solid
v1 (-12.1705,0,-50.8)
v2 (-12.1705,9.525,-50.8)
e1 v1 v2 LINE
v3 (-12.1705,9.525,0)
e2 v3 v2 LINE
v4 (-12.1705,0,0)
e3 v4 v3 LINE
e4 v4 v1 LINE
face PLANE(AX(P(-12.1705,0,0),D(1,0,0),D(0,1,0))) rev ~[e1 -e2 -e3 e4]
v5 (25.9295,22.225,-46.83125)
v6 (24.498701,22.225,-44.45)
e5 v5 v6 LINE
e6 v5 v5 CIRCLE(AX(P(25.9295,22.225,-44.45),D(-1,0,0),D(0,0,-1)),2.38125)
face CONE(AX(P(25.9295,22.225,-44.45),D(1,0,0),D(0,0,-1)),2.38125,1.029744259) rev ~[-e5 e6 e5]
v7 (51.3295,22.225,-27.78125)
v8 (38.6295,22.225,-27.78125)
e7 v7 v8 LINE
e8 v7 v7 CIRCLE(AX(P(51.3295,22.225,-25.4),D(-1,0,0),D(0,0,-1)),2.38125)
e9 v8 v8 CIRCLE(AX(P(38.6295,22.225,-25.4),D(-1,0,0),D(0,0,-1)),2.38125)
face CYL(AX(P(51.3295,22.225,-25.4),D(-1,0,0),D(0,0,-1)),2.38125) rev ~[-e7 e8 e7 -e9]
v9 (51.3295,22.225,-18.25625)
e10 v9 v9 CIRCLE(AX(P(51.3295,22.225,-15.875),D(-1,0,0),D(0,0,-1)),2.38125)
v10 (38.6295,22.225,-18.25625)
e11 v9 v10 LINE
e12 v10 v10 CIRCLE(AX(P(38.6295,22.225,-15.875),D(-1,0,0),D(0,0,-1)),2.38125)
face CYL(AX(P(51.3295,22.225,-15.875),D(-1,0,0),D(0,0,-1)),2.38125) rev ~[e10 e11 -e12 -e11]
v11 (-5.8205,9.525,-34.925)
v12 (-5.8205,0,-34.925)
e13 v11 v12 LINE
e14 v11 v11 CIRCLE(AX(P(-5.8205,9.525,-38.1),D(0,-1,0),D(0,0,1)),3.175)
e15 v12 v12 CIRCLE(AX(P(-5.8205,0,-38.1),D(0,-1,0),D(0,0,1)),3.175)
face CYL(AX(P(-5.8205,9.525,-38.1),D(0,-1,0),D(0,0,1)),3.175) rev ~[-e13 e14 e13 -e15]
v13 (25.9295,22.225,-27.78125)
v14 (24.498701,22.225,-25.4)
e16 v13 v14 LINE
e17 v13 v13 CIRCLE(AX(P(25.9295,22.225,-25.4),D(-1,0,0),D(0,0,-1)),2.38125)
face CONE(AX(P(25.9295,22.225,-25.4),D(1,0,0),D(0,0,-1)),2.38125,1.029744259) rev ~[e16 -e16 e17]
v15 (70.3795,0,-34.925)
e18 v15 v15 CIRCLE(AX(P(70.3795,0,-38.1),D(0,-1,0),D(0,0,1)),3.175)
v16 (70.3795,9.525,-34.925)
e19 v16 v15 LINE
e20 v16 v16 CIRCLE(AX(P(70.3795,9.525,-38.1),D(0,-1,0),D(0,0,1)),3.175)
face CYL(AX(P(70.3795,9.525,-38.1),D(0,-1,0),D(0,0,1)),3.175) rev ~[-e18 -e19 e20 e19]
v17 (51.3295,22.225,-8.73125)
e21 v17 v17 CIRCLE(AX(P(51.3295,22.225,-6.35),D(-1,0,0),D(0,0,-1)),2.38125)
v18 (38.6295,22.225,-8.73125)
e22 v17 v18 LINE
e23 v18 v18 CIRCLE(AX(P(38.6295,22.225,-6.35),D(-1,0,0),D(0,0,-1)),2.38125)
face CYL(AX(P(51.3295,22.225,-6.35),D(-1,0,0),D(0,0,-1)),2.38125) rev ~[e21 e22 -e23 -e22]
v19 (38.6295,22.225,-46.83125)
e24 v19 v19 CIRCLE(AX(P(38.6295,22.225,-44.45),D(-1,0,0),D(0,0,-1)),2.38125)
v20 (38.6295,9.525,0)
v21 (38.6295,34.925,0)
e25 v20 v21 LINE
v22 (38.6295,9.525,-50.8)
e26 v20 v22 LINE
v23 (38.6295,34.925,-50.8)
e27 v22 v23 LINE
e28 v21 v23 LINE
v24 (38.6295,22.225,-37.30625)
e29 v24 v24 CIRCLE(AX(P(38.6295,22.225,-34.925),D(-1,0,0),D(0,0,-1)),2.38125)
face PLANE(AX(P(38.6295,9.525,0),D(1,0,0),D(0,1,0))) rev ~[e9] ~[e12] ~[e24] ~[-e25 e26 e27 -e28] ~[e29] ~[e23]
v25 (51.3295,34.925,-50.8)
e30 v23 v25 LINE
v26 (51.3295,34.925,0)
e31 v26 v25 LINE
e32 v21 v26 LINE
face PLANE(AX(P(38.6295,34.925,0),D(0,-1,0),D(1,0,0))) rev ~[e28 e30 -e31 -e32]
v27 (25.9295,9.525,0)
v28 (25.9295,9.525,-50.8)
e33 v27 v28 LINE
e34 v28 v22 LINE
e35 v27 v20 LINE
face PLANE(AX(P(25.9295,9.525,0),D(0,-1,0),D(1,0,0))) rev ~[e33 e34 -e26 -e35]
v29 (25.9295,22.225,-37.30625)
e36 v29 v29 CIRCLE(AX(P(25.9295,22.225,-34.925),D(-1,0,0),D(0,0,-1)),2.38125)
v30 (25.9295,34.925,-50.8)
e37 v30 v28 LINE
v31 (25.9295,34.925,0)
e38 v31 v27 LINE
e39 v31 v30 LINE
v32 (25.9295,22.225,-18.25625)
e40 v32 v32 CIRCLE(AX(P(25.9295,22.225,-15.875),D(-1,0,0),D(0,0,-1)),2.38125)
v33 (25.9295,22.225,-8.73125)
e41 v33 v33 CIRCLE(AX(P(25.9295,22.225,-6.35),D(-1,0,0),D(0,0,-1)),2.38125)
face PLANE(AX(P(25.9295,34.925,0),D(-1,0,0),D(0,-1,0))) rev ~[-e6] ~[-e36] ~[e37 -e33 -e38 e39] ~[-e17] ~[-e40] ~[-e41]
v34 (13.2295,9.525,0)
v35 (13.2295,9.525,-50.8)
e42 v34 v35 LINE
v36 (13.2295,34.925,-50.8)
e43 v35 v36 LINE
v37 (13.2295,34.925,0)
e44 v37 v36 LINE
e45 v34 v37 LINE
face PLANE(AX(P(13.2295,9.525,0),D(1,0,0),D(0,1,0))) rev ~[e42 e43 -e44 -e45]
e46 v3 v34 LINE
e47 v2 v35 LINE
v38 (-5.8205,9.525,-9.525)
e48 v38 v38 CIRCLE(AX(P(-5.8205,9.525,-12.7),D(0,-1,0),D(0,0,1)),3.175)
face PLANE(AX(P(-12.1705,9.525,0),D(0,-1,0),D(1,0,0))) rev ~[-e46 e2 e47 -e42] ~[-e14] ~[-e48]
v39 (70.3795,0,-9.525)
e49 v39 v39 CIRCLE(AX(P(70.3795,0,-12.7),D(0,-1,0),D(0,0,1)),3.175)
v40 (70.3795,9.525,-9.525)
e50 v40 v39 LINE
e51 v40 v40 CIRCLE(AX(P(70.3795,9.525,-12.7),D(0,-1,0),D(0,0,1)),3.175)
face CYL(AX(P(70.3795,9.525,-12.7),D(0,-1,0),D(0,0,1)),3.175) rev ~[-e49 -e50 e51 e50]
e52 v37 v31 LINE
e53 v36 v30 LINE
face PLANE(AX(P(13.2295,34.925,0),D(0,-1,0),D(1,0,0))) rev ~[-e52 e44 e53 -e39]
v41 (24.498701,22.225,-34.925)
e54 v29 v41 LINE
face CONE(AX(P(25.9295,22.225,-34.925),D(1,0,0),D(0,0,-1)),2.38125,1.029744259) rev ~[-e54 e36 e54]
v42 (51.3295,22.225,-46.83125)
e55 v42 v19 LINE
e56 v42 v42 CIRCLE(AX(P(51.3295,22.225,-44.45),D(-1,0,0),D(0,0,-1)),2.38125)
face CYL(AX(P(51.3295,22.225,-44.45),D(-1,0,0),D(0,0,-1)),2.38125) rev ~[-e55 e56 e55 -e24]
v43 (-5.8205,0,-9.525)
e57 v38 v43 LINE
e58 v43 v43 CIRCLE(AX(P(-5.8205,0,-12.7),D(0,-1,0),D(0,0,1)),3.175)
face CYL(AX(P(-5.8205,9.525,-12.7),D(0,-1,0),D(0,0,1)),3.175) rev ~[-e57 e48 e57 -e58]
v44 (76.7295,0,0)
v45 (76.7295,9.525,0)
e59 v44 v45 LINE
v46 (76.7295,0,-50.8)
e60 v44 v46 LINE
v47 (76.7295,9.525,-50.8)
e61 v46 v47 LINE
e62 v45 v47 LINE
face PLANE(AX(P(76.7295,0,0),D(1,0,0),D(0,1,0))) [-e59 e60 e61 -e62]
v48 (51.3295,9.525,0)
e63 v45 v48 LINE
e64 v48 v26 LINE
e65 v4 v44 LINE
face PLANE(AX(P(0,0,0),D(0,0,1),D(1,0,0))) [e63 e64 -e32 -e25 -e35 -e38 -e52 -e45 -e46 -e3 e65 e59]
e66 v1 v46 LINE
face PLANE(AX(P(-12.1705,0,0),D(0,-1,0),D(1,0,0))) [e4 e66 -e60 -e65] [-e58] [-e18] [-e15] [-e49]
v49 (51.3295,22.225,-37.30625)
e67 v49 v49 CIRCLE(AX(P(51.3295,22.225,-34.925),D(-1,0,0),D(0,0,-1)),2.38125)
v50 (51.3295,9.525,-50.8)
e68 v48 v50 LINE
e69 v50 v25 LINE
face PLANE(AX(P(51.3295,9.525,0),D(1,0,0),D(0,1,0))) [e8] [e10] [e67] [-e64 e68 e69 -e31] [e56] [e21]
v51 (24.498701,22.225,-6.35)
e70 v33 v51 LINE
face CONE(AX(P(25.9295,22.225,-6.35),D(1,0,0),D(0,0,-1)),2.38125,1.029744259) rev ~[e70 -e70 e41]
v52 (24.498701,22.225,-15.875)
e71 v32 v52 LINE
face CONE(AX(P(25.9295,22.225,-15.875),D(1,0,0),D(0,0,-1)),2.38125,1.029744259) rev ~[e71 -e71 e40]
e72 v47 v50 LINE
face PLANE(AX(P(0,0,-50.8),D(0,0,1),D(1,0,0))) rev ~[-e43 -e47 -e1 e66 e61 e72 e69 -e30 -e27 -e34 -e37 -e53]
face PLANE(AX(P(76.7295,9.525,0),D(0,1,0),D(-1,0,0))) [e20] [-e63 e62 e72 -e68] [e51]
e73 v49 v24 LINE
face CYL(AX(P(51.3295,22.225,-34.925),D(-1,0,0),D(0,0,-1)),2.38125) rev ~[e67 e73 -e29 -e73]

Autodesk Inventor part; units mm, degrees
ref_plane "YZ Plane" through (0, 0, 0) normal (1, 0, 0) x (0, 1, 0)
ref_plane "XZ Plane" through (0, 0, 0) normal (0, 1, 0) x (-1, 0, 0)
ref_plane "XY Plane" through (0, 0, 0) normal (0, 0, 1) x (1, 0, 0)
sketch "Sketch1" plane through (0, 0, 0) normal (0, 0, 1) x (1, 0, 0)
  line L0 (-12.1705, 0) -> (76.7295, 0)
  line L1 (76.7295, 0) -> (76.7295, 9.525)
  line L2 (76.7295, 9.525) -> (51.3295, 9.525)
  line L3 (-12.1705, 0) -> (-12.1705, 9.525)
  line L4 (-12.1705, 9.525) -> (13.2295, 9.525)
  line L5 (13.2295, 9.525) -> (13.2295, 34.925)
  line L6 (51.3295, 9.525) -> (51.3295, 34.925)
  line L7 (13.2295, 34.925) -> (25.9295, 34.925)
  line L8 (25.9295, 34.925) -> (25.9295, 9.525)
  line L9 (25.9295, 9.525) -> (38.6295, 9.525)
  line L10 (38.6295, 9.525) -> (38.6295, 34.925)
  line L11 (38.6295, 34.925) -> (51.3295, 34.925)
  point P0 (0, 0)
  dimension "d0" = 88.9
  dimension "d1" = 9.525
  dimension "d2" = 25.4
  dimension "d3" = 25.4
  dimension "d4" = 25.4
  dimension "d8" = 12.7
  dimension "d9" = 12.7
extrude "Extrusion1" add sketch "Sketch1" against normal blind 50.8
sketch "Sketch2" plane through (51.3295, 9.525, 0) normal (0, 1, 0) x (1, 0, 0)
  line L0 (25.4, 50.8) -> (0, 50.8) projected
  line L1 (25.4, 0) -> (25.4, 50.8) projected
  line L2 (-63.5, 0) -> (-63.5, 50.8) projected
  point P0 (-51.3295, 0)
  point P1 (19.05, 12.7)
  point P2 (19.05, 38.1)
  point P3 (-57.15, 38.1)
  point P4 (-57.15, 12.7)
  dimension "d12" = 6.35
  dimension "d13" = 6.35
  dimension "d14" = 25.4
  dimension "d15" = 12.7
sketch "Sketch3" plane through (51.3295, 9.525, 0) normal (1, 0, 0) x (0, 0, -1)
  line L0 (0, 25.4) -> (50.8, 25.4) projected
  line L1 (0, 0) -> (0, 25.4) projected
  point P0 (0, -9.525)
  point P1 (6.35, 12.7)
  point P2 (15.875, 12.7)
  point P3 (25.4, 12.7)
  point P4 (34.925, 12.7)
  point P5 (44.45, 12.7)
  dimension "d23" = 9.525
  dimension "d24" = 9.525
  dimension "d25" = 9.525
  dimension "d26" = 9.525
  dimension "d27" = 12.7
  dimension "d28" = 6.35
hole "Hole1" at (-5.8205, 9.525, -12.7) at (-5.8205, 9.525, -38.1) at (70.3795, 9.525, -38.1) at (70.3795, 9.525, -12.7) direction (0, -1, 0) diameter 6.35 depth 25.4 tip angle 118
hole "Hole2" at (51.3295, 22.225, -6.35) at (51.3295, 22.225, -15.875) at (51.3295, 22.225, -25.4) at (51.3295, 22.225, -34.925) at (51.3295, 22.225, -44.45) direction (-1, 0, 0) diameter 4.7625 depth 25.4 tip angle 118
properties part number "solid_alum_chain_grabber"
